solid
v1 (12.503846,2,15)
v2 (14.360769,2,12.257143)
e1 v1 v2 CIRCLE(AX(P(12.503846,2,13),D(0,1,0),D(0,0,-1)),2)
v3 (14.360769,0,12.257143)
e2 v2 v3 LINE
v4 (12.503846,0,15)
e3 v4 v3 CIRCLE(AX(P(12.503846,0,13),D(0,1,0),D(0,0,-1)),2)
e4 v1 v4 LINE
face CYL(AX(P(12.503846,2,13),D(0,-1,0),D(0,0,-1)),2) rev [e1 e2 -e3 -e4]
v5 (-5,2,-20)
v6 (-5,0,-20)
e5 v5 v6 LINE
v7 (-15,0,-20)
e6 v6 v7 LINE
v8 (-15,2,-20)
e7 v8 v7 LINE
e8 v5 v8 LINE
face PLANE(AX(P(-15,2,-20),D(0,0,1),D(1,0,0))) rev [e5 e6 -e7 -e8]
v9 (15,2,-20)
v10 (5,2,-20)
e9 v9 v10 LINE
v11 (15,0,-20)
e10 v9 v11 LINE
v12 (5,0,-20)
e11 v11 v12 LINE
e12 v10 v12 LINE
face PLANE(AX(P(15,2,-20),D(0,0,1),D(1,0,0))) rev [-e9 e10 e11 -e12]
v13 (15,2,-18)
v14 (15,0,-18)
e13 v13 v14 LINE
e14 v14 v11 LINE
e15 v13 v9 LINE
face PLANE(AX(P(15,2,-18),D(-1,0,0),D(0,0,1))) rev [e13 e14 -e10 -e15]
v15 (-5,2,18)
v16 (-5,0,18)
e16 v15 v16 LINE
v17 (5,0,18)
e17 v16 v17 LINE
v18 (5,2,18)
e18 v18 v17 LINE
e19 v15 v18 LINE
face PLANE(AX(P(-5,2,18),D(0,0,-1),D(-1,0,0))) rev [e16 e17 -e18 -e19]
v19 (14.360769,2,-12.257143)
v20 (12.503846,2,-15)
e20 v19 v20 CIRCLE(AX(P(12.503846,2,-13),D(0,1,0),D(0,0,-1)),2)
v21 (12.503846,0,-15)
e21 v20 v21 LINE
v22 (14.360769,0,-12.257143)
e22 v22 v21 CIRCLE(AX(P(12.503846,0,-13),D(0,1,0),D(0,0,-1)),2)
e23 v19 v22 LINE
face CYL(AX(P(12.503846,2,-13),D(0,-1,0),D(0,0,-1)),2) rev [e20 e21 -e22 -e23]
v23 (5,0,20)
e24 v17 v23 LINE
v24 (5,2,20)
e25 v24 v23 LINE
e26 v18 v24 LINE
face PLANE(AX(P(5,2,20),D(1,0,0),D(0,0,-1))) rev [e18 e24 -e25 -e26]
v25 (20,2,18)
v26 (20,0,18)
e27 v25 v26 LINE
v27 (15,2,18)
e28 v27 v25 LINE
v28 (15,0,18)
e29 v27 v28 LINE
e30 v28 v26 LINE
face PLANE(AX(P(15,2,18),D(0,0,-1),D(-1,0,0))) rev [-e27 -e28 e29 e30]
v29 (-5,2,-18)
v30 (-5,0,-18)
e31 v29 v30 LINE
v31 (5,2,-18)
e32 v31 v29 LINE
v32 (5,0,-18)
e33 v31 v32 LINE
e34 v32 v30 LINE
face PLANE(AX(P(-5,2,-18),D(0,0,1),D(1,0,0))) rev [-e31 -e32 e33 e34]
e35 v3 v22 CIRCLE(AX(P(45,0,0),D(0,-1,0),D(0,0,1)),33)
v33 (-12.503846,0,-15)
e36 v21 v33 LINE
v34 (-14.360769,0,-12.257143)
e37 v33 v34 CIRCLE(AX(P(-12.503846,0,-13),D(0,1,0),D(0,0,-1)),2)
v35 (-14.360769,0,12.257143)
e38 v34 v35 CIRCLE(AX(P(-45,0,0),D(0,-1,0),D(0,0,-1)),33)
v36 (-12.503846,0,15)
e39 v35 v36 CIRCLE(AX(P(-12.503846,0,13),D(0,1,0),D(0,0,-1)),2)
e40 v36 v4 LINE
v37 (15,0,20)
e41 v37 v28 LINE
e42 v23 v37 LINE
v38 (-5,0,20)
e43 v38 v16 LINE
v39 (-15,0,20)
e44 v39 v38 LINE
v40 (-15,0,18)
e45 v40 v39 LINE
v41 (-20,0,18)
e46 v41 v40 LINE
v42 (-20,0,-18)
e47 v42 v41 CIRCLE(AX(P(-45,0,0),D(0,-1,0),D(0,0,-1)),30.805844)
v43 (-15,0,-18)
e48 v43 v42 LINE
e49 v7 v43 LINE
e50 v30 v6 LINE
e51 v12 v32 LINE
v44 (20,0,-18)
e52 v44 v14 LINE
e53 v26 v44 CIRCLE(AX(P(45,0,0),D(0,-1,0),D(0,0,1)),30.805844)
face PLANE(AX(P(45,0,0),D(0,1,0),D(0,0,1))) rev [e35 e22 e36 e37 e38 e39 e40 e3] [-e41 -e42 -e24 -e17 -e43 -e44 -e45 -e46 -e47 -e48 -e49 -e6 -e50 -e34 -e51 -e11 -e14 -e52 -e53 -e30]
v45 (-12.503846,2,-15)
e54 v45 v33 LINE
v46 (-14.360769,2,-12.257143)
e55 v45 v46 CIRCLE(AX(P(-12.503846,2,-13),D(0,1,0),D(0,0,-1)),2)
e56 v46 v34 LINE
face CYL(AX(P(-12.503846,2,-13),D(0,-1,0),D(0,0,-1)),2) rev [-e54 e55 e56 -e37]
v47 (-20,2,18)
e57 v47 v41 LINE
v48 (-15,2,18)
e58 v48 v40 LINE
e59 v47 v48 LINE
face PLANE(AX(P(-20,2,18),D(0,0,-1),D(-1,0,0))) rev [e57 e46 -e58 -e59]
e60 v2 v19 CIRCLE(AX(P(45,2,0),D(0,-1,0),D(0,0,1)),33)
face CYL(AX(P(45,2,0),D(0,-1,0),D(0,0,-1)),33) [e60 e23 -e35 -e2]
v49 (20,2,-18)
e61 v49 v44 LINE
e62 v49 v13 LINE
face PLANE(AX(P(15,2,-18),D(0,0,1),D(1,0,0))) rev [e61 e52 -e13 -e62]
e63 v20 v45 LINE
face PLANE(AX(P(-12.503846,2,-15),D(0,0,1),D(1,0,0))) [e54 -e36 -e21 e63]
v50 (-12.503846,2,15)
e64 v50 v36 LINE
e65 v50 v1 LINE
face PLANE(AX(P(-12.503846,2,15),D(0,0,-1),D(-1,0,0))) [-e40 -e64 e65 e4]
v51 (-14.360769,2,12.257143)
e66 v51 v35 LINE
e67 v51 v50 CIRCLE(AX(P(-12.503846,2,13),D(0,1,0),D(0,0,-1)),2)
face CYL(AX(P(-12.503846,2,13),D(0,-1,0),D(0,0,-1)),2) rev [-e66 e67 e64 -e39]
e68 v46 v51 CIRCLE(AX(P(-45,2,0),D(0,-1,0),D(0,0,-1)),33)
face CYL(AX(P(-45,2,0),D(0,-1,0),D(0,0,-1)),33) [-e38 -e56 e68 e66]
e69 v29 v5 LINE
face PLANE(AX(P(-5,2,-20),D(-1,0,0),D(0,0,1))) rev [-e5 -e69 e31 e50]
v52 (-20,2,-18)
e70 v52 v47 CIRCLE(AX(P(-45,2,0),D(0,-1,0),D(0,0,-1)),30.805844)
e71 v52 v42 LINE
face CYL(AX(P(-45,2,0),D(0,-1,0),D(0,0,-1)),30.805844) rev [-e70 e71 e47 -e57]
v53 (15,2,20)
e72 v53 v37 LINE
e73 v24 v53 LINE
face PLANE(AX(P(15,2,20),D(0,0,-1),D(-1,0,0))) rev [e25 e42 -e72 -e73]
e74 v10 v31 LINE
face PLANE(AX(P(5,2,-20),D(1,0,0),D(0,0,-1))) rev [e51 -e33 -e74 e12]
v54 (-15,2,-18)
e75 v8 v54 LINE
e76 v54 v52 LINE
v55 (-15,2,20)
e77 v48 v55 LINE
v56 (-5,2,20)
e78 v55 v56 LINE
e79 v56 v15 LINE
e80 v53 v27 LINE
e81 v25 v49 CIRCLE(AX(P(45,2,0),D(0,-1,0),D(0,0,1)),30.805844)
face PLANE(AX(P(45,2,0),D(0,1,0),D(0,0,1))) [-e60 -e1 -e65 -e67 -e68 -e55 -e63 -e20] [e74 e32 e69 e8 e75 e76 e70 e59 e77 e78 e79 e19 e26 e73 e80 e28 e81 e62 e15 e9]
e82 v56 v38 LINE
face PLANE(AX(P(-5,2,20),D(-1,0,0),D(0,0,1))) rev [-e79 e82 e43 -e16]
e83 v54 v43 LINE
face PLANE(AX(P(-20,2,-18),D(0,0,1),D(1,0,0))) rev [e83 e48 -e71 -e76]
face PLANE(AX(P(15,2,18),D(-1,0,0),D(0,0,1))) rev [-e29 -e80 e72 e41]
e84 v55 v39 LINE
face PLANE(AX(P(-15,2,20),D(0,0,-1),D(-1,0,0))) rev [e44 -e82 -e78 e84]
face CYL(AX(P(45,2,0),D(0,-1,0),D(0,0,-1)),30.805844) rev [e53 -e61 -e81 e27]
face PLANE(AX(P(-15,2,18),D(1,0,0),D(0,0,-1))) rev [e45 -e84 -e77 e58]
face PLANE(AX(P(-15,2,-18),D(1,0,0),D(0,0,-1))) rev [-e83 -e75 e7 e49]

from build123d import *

# Parameters (mm, degrees)
BOSS_EXTRUDE1_DEPTH = 2


with BuildPart() as part:
    # Sketch1 → Boss-Extrude1 (new body)
    with BuildSketch(Plane(origin=(0, 0, 0), x_dir=(1, 0, 0), z_dir=(0, 1, 0))):
        with BuildLine():
            Line((-20, -18), (-15, -18))
            Line((-15, -18), (-15, -20))
            Line((-15, -20), (-5, -20))
            Line((-5, -20), (-5, -18))
            Line((-5, -18), (5, -18))
            Line((5, -18), (5, -20))
            Line((5, -20), (15, -20))
            Line((15, -20), (15, -18))
            Line((15, -18), (20, -18))
            ThreePointArc((20, -18), (14.194156399, 0), (20, 18))
            Line((20, 18), (15, 18))
            Line((15, 18), (15, 20))
            Line((15, 20), (5, 20))
            Line((5, 20), (5, 18))
            Line((5, 18), (-5, 18))
            Line((-5, 18), (-5, 20))
            Line((-5, 20), (-15, 20))
            Line((-15, 20), (-15, 18))
            Line((-15, 18), (-20, 18))
            ThreePointArc((-20, 18), (-14.194156399, 0), (-20, -18))
        make_face()
        with BuildLine():
            Line((-12.503846381, 15), (12.503846381, 15))
            ThreePointArc((12.503846381, 15), (14.160003724, 14.121223821), (14.360769445, 12.257142857))
            ThreePointArc((14.360769445, 12.257142857), (12, 0), (14.360769445, -12.257142857))
            ThreePointArc((14.360769445, -12.257142857), (14.160003724, -14.121223821), (12.503846381, -15))
            Line((12.503846381, -15), (-12.503846381, -15))
            ThreePointArc((-12.503846381, -15), (-14.160003724, -14.121223821), (-14.360769445, -12.257142857))
            ThreePointArc((-14.360769445, -12.257142857), (-12, 0), (-14.360769445, 12.257142857))
            ThreePointArc((-14.360769445, 12.257142857), (-14.160003724, 14.121223821), (-12.503846381, 15))
        make_face(mode=Mode.SUBTRACT)
    extrude(amount=BOSS_EXTRUDE1_DEPTH)


solid = part.part
